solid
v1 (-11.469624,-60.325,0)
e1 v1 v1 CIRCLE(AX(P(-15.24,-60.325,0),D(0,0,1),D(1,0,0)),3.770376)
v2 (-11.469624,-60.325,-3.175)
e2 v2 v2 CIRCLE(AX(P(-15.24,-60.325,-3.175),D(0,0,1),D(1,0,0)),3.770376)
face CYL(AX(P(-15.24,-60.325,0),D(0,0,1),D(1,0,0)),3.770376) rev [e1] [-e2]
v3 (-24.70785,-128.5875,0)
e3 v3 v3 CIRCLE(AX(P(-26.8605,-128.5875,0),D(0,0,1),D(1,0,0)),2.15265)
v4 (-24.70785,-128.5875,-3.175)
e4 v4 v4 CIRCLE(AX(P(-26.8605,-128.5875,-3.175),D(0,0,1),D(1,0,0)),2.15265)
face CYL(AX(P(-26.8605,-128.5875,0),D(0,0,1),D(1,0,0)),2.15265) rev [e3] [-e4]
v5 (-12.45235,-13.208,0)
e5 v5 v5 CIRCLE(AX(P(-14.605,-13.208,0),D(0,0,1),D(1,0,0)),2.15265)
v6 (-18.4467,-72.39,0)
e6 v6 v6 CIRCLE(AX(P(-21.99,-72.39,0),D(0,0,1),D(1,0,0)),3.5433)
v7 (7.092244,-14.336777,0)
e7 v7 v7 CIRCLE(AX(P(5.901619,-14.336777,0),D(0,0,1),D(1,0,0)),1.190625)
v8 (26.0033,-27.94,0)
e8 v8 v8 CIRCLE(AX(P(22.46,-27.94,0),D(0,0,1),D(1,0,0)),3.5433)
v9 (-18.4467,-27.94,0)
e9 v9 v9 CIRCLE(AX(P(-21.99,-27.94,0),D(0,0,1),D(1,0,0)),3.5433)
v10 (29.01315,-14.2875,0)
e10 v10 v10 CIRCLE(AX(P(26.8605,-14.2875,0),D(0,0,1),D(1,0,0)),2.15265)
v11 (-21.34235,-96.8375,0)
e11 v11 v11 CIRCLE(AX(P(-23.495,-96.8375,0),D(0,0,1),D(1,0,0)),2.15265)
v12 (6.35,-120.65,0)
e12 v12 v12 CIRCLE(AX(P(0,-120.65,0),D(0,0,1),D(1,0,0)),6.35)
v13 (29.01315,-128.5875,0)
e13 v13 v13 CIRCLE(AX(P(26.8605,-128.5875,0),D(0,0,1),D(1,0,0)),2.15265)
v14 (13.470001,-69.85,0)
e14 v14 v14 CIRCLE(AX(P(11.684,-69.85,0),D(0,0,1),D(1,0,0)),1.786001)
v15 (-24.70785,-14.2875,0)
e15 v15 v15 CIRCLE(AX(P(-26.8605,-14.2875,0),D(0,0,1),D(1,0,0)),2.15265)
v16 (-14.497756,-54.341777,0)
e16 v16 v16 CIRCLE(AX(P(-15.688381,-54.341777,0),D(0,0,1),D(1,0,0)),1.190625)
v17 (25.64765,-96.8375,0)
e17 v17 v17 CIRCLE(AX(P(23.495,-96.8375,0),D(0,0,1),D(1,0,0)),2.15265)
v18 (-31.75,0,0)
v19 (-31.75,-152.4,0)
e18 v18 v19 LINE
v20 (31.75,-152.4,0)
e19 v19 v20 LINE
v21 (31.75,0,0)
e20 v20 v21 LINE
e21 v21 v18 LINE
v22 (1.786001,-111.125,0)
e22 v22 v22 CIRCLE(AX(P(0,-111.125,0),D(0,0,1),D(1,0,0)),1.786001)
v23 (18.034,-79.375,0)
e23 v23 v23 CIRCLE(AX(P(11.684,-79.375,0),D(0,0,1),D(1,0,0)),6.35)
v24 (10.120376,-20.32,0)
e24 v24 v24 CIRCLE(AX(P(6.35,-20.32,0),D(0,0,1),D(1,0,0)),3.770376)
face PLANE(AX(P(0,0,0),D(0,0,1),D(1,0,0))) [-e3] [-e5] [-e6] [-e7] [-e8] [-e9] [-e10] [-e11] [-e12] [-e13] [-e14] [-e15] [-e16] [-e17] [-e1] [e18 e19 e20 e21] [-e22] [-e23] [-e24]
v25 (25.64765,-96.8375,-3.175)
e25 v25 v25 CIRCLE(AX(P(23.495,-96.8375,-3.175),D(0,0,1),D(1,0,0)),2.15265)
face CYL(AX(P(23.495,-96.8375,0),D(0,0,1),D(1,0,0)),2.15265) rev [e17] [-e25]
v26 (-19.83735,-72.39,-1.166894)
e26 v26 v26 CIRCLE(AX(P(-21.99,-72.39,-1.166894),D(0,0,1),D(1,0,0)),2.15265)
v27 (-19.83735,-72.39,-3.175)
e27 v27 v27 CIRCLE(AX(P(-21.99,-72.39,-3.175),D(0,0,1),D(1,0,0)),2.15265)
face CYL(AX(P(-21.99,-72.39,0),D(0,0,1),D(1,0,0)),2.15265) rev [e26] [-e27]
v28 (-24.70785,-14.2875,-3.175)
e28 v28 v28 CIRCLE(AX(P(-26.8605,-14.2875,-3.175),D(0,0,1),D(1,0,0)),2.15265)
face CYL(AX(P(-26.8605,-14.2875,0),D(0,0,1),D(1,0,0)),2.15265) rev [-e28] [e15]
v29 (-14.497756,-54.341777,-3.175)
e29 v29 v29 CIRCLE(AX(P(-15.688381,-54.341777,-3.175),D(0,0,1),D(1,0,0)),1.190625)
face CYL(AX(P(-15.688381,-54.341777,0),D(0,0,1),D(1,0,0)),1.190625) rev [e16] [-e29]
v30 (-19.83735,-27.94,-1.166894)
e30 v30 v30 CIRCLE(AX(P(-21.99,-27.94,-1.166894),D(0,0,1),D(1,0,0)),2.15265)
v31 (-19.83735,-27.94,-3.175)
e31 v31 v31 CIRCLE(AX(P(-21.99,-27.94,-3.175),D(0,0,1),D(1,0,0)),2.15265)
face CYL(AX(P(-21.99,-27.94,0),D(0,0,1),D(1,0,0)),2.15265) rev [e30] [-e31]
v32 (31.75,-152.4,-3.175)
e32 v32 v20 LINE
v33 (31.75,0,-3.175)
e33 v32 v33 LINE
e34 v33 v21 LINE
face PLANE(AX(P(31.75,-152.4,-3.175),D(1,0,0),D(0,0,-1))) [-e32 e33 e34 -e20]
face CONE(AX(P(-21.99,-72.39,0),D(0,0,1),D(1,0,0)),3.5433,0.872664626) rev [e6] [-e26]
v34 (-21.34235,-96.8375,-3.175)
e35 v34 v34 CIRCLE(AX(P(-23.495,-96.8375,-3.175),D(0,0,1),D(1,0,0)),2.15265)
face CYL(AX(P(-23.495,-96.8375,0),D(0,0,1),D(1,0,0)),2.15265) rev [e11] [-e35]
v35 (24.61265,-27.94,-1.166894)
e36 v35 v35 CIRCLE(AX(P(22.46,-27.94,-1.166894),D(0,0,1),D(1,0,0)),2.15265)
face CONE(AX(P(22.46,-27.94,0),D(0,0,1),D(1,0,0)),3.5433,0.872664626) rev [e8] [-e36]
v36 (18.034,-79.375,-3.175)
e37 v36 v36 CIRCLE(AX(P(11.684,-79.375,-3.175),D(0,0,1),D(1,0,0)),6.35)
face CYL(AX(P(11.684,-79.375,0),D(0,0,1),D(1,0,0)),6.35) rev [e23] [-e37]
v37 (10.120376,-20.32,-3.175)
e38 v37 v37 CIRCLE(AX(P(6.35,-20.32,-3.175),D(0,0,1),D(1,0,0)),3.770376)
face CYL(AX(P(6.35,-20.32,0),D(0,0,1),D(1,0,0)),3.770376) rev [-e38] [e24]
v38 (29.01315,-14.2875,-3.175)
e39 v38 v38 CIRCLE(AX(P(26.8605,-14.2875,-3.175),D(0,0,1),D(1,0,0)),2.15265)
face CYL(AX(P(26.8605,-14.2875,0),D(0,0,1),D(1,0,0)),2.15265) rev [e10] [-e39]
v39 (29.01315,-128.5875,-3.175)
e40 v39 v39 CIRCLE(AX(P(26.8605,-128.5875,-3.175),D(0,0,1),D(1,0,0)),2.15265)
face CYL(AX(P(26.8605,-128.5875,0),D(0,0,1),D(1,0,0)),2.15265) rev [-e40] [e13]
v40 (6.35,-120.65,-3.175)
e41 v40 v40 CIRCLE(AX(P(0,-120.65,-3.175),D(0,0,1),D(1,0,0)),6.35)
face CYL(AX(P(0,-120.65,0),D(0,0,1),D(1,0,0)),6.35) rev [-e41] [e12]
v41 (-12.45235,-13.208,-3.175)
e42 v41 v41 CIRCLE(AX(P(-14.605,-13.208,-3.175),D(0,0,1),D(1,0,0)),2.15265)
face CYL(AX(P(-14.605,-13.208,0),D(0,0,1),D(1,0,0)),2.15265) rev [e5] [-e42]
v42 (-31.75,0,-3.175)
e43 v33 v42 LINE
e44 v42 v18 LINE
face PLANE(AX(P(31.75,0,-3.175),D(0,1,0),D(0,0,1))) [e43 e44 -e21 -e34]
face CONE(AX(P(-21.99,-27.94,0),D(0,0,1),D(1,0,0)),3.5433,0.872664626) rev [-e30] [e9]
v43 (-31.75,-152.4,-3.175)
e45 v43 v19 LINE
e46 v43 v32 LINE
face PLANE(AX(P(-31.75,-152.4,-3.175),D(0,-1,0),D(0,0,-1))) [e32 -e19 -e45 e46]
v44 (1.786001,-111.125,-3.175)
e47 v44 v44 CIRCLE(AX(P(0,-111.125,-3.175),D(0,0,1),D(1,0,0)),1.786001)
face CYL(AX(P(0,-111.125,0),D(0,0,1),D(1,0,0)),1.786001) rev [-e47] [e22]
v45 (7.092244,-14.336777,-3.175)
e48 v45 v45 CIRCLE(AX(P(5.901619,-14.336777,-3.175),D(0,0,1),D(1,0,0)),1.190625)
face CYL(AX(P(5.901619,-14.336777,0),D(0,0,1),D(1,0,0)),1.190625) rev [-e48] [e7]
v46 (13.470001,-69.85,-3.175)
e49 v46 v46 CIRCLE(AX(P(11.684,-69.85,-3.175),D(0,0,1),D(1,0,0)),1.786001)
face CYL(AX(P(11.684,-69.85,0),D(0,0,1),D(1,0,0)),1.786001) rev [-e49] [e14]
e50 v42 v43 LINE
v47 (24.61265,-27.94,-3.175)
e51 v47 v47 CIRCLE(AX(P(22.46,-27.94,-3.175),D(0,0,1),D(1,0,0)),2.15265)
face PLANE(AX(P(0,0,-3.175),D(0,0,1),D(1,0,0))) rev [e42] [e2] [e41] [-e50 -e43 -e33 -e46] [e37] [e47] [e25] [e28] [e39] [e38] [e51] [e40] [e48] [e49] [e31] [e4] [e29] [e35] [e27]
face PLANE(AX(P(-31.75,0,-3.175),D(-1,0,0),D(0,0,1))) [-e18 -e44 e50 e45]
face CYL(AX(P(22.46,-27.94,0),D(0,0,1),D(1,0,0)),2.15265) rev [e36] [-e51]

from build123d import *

# Parameters (mm, degrees)
SKETCH1_W                                         = 63.5
SKETCH1_H                                         = 152.4
BOSS_EXTRUDE1_DEPTH                               = 3.175
F_6_CLEARANCE_HOLE1_D                             = 4.3053
F_6_CLEARANCE_HOLE1_DEPTH                         = 3.175
F_6_CLEARANCE_HOLE2_D                             = 4.3053
F_6_CLEARANCE_HOLE2_DEPTH                         = 3.175
F_1_2_0_5_DIAMETER_HOLE1_D                        = 12.7
F_1_2_0_5_DIAMETER_HOLE1_DEPTH                    = 3.175
F_9_64_0_14063_DIAMETER_HOLE1_D                   = 3.572002
F_9_64_0_14063_DIAMETER_HOLE1_DEPTH               = 3.175
F_19_64_0_29688_DIAMETER_HOLE1_D                  = 7.540752
F_19_64_0_29688_DIAMETER_HOLE1_DEPTH              = 3.175
CSK_FOR_6_FLAT_HEAD_MACHINE_SCREW_100_D           = 4.3053
CSK_FOR_6_FLAT_HEAD_MACHINE_SCREW_100_DEPTH       = 3.175
CSK_FOR_6_FLAT_HEAD_MACHINE_SCREW_100_CSINK_D     = 7.0866
CSK_FOR_6_FLAT_HEAD_MACHINE_SCREW_100_CSINK_ANGLE = 100
F_3_32_0_09375_DIAMETER_HOLE1_D                   = 2.38125
F_3_32_0_09375_DIAMETER_HOLE1_DEPTH               = 3.175


with BuildPart() as part:
    # Sketch1 → Boss-Extrude1 (new body)
    with BuildSketch(Plane.XY):
        with Locations((0, -76.2)):
            Rectangle(SKETCH1_W, SKETCH1_H)
    extrude(amount=-BOSS_EXTRUDE1_DEPTH)

    # #6 Clearance Hole1
    with Locations(Plane.XY):
        with Locations((-26.8605, -14.2875), (26.8605, -14.2875), (26.8605, -128.5875), (-26.8605, -128.5875)):
            Hole(F_6_CLEARANCE_HOLE1_D / 2, depth=F_6_CLEARANCE_HOLE1_DEPTH)

    # #6 Clearance Hole2
    with Locations(Plane.XY):
        with Locations((-23.495, -96.8375), (23.495, -96.8375), (-14.605, -13.208)):
            Hole(F_6_CLEARANCE_HOLE2_D / 2, depth=F_6_CLEARANCE_HOLE2_DEPTH)

    # 1/2 (0.5) Diameter Hole1
    with Locations(Plane.XY):
        with Locations((11.684, -79.375), (0, -120.65)):
            Hole(F_1_2_0_5_DIAMETER_HOLE1_D / 2, depth=F_1_2_0_5_DIAMETER_HOLE1_DEPTH)

    # 9/64 (0.14063) Diameter Hole1
    with Locations(Plane.XY):
        with Locations((0, -111.125), (11.684, -69.85)):
            Hole(F_9_64_0_14063_DIAMETER_HOLE1_D / 2, depth=F_9_64_0_14063_DIAMETER_HOLE1_DEPTH)

    # 19/64 (0.29688) Diameter Hole1
    with Locations(Plane.XY):
        with Locations((-15.24, -60.325), (6.35, -20.32)):
            Hole(F_19_64_0_29688_DIAMETER_HOLE1_D / 2, depth=F_19_64_0_29688_DIAMETER_HOLE1_DEPTH)

    # CSK for #6 Flat Head Machine Screw (100)1
    with Locations(Plane.XY):
        with Locations((-21.99, -72.39), (-21.99, -27.94), (22.46, -27.94)):
            CounterSinkHole(CSK_FOR_6_FLAT_HEAD_MACHINE_SCREW_100_D / 2, CSK_FOR_6_FLAT_HEAD_MACHINE_SCREW_100_CSINK_D / 2, depth=CSK_FOR_6_FLAT_HEAD_MACHINE_SCREW_100_DEPTH, counter_sink_angle=CSK_FOR_6_FLAT_HEAD_MACHINE_SCREW_100_CSINK_ANGLE)

    # 3/32 (0.09375) Diameter Hole1
    with Locations(Plane.XY):
        with Locations((-15.688380535, -54.341777215), (5.901619465, -14.336777215)):
            Hole(F_3_32_0_09375_DIAMETER_HOLE1_D / 2, depth=F_3_32_0_09375_DIAMETER_HOLE1_DEPTH)


solid = part.part
